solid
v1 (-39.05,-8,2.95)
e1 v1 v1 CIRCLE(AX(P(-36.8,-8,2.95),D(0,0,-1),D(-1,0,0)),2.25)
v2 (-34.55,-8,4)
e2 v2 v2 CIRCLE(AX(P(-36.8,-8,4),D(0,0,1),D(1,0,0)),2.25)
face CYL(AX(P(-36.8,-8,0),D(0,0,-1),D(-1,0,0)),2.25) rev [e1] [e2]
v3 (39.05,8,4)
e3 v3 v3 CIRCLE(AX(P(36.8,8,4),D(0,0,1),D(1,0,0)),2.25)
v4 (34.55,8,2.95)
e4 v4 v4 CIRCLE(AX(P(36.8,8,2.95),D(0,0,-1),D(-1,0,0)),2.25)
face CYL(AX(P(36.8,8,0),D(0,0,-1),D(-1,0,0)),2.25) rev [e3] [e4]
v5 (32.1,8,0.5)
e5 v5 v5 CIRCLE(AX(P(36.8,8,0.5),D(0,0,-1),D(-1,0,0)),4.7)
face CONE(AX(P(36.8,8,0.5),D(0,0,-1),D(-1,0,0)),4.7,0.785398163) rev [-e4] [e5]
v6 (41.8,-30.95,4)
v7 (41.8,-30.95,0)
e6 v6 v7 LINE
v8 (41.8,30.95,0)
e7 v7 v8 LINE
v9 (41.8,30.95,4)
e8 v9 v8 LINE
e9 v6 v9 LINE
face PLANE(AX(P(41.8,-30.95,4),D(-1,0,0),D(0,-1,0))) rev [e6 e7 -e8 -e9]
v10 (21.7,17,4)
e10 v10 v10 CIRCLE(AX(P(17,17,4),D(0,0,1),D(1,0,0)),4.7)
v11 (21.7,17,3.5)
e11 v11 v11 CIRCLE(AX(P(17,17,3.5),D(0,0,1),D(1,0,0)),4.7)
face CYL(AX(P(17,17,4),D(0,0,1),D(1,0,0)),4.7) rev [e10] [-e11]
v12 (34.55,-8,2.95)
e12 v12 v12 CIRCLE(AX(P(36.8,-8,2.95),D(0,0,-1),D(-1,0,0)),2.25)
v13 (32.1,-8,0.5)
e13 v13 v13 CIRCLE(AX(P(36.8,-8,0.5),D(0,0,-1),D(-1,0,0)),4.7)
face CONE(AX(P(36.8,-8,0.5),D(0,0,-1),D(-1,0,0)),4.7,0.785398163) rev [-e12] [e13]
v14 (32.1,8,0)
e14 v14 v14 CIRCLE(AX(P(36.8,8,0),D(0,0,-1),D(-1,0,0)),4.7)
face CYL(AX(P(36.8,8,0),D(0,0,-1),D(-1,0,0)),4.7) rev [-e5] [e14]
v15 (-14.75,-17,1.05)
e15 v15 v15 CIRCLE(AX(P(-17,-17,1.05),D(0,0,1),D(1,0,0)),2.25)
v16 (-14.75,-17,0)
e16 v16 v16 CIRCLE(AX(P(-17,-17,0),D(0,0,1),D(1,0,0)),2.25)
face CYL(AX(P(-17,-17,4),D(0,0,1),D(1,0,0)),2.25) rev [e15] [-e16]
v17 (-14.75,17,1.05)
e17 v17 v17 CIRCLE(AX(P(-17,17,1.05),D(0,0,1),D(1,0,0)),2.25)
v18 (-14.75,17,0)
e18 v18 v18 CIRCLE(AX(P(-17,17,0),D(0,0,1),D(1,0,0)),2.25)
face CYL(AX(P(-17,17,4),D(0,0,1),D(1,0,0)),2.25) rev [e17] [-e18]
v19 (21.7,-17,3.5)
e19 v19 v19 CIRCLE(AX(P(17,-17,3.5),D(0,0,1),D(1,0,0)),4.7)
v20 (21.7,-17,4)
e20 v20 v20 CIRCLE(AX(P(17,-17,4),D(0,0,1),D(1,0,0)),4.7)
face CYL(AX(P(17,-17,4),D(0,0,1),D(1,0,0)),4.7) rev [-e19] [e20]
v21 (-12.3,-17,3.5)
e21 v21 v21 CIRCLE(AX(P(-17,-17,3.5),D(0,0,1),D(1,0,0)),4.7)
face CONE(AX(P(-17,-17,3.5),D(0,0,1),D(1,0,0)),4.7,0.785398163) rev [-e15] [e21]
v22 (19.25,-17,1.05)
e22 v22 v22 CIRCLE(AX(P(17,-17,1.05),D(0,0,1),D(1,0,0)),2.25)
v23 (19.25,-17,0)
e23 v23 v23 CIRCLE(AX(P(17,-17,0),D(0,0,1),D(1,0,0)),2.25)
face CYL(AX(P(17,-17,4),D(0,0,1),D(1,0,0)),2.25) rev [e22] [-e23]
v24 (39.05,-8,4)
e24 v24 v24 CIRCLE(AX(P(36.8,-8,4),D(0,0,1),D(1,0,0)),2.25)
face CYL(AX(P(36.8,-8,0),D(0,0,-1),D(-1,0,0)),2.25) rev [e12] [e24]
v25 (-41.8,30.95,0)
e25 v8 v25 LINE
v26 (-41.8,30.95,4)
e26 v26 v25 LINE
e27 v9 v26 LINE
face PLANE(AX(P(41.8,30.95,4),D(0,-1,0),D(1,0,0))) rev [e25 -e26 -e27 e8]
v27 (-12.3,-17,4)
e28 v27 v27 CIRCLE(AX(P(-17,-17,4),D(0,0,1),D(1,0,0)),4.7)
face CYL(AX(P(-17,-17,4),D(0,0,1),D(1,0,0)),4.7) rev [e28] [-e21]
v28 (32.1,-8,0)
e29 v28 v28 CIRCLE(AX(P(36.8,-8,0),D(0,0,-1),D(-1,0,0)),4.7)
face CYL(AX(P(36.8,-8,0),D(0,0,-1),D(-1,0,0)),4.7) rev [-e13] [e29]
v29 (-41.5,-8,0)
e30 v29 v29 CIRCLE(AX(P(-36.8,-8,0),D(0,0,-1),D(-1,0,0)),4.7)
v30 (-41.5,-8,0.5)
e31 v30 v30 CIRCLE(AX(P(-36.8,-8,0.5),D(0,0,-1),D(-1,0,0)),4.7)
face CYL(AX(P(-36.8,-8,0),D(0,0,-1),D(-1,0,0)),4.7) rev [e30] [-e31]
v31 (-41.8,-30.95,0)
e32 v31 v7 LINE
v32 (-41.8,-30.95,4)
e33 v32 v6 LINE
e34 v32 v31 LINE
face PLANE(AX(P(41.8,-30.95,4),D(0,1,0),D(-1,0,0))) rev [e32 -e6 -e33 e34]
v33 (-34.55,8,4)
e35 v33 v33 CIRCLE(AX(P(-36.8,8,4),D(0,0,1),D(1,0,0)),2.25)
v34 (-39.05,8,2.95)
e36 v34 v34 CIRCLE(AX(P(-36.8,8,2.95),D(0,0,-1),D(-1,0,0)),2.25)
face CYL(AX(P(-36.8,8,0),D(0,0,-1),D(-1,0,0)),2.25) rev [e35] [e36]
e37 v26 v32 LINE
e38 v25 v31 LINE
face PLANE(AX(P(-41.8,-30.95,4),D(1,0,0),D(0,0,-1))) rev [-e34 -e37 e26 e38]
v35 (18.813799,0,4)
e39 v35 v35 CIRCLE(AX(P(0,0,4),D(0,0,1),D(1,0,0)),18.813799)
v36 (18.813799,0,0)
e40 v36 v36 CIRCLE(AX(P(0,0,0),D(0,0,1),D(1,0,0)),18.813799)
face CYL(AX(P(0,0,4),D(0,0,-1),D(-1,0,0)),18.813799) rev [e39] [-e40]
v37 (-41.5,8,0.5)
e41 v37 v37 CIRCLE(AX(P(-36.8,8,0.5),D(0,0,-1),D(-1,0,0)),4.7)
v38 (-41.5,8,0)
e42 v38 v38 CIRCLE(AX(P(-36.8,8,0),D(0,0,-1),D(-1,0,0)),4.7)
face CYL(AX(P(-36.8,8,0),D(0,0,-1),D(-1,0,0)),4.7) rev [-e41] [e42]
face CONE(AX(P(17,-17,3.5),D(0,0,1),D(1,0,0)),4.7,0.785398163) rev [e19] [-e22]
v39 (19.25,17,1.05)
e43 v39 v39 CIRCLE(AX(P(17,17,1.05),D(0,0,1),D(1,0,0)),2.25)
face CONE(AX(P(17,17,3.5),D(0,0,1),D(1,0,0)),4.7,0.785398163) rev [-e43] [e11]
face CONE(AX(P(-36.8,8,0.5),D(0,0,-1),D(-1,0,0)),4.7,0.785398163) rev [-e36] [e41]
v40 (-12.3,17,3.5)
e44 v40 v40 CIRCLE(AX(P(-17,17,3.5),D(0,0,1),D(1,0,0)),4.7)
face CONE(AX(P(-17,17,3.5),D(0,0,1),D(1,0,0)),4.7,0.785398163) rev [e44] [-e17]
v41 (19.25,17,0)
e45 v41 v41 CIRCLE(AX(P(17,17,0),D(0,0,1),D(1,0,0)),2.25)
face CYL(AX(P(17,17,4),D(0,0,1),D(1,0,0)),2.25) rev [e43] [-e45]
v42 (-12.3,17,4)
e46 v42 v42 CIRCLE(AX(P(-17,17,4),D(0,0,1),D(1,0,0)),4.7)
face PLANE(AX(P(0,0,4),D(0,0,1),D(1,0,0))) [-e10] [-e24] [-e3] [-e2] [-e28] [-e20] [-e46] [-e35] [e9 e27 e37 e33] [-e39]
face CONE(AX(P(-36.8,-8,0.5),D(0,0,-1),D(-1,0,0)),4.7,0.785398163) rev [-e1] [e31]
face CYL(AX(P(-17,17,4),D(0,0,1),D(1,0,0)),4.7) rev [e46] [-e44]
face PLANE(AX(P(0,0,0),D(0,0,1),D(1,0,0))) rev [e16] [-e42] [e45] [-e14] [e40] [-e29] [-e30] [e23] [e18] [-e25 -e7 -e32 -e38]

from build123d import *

# Parameters (mm, degrees)
ESQUISSE1_W                                 = 83.6
ESQUISSE1_H                                 = 61.9
ESQUISSE1_R                                 = 18.813799135
BOSS_EXTRU_1_DEPTH                          = 4
FRAISAGE_POUR_VIS_T_TE_FRAIS_E_M41_AT_COUNT = 2
FRAISAGE_POUR_VIS_T_TE_FRAIS_E_M41_AT_PITCH = 34
FRAISAGE_POUR_VIS_T_TE_FRAIS_E_M41_2_COUNT  = 2
FRAISAGE_POUR_VIS_T_TE_FRAIS_E_M41_2_PITCH  = 48.083261121
FRAISAGE_POUR_VIS_T_TE_FRAIS_E_M41_3_COUNT  = 2
FRAISAGE_POUR_VIS_T_TE_FRAIS_E_M41_3_PITCH  = 34
FRAISAGE_POUR_VIS_T_TE_FRAIS_E_M42_AT_COUNT = 2
FRAISAGE_POUR_VIS_T_TE_FRAIS_E_M42_AT_PITCH = 16
FRAISAGE_POUR_VIS_T_TE_FRAIS_E_M42_2_COUNT  = 2
FRAISAGE_POUR_VIS_T_TE_FRAIS_E_M42_2_PITCH  = 75.319054694
FRAISAGE_POUR_VIS_T_TE_FRAIS_E_M42_3_COUNT  = 2
FRAISAGE_POUR_VIS_T_TE_FRAIS_E_M42_3_PITCH  = 73.6


with BuildPart() as part:
    # Esquisse1 → Boss.-Extru.1 (new body)
    with BuildSketch(Plane.XY):
        Rectangle(ESQUISSE1_W, ESQUISSE1_H)
        Circle(ESQUISSE1_R, mode=Mode.SUBTRACT)
    extrude(amount=BOSS_EXTRU_1_DEPTH)

    # Esquisse4 → Fraisage pour vis à tête fraisée M41 (revolve, cut)
    with BuildSketch(Plane(origin=(-17, 17, 4), x_dir=(0, -1, 0), z_dir=(1, 0, 0))):
        Polygon((0, 0), (0, 12.851936393), (2.25, 11.5), (2.25, 2.95), (4.7, 0.5), (4.7, 0), align=None)
    fraisage_pour_vis_t_te_frais_e_m41 = revolve(axis=Axis((-17, 17, 10.35), (0, 0, -1)), mode=Mode.SUBTRACT)

    # Fraisage pour vis à tête fraisée M41 at: Fraisage pour vis à tête fraisée M41 ×2
    with Locations(*[(i * FRAISAGE_POUR_VIS_T_TE_FRAIS_E_M41_AT_PITCH, 0, 0) for i in range(1, FRAISAGE_POUR_VIS_T_TE_FRAIS_E_M41_AT_COUNT)]):
        add(fraisage_pour_vis_t_te_frais_e_m41, mode=Mode.SUBTRACT)

    # Fraisage pour vis _ t_te frais_e M41 2: Fraisage pour vis à tête fraisée M41 ×2
    with Locations(*[Vector(0.7071067811865476, -0.7071067811865475, 0) * (i * FRAISAGE_POUR_VIS_T_TE_FRAIS_E_M41_2_PITCH) for i in range(1, FRAISAGE_POUR_VIS_T_TE_FRAIS_E_M41_2_COUNT)]):
        add(fraisage_pour_vis_t_te_frais_e_m41, mode=Mode.SUBTRACT)

    # Fraisage pour vis _ t_te frais_e M41 3: Fraisage pour vis à tête fraisée M41 ×2
    with Locations(*[(0, -i * FRAISAGE_POUR_VIS_T_TE_FRAIS_E_M41_3_PITCH, 0) for i in range(1, FRAISAGE_POUR_VIS_T_TE_FRAIS_E_M41_3_COUNT)]):
        add(fraisage_pour_vis_t_te_frais_e_m41, mode=Mode.SUBTRACT)

    # Esquisse8 → Fraisage pour vis à tête fraisée M42 (revolve, cut)
    with BuildSketch(Plane(origin=(-36.8, 8, 0), x_dir=(0, 1, 0), z_dir=(1, 0, 0))):
        Polygon((0, 0), (0, 12.851936393), (2.25, 11.5), (2.25, 2.95), (4.7, 0.5), (4.7, 0), align=None)
    fraisage_pour_vis_t_te_frais_e_m42 = revolve(axis=Axis((-36.8, 8, -6.35), (0, 0, 1)), mode=Mode.SUBTRACT)

    # Fraisage pour vis à tête fraisée M42 at: Fraisage pour vis à tête fraisée M42 ×2
    with Locations(*[(0, -i * FRAISAGE_POUR_VIS_T_TE_FRAIS_E_M42_AT_PITCH, 0) for i in range(1, FRAISAGE_POUR_VIS_T_TE_FRAIS_E_M42_AT_COUNT)]):
        add(fraisage_pour_vis_t_te_frais_e_m42, mode=Mode.SUBTRACT)

    # Fraisage pour vis _ t_te frais_e M42 2: Fraisage pour vis à tête fraisée M42 ×2
    with Locations(*[Vector(0.9771763639228009, -0.21242964433104397, 0) * (i * FRAISAGE_POUR_VIS_T_TE_FRAIS_E_M42_2_PITCH) for i in range(1, FRAISAGE_POUR_VIS_T_TE_FRAIS_E_M42_2_COUNT)]):
        add(fraisage_pour_vis_t_te_frais_e_m42, mode=Mode.SUBTRACT)

    # Fraisage pour vis _ t_te frais_e M42 3: Fraisage pour vis à tête fraisée M42 ×2
    with Locations(*[(i * FRAISAGE_POUR_VIS_T_TE_FRAIS_E_M42_3_PITCH, 0, 0) for i in range(1, FRAISAGE_POUR_VIS_T_TE_FRAIS_E_M42_3_COUNT)]):
        add(fraisage_pour_vis_t_te_frais_e_m42, mode=Mode.SUBTRACT)


solid = part.part
